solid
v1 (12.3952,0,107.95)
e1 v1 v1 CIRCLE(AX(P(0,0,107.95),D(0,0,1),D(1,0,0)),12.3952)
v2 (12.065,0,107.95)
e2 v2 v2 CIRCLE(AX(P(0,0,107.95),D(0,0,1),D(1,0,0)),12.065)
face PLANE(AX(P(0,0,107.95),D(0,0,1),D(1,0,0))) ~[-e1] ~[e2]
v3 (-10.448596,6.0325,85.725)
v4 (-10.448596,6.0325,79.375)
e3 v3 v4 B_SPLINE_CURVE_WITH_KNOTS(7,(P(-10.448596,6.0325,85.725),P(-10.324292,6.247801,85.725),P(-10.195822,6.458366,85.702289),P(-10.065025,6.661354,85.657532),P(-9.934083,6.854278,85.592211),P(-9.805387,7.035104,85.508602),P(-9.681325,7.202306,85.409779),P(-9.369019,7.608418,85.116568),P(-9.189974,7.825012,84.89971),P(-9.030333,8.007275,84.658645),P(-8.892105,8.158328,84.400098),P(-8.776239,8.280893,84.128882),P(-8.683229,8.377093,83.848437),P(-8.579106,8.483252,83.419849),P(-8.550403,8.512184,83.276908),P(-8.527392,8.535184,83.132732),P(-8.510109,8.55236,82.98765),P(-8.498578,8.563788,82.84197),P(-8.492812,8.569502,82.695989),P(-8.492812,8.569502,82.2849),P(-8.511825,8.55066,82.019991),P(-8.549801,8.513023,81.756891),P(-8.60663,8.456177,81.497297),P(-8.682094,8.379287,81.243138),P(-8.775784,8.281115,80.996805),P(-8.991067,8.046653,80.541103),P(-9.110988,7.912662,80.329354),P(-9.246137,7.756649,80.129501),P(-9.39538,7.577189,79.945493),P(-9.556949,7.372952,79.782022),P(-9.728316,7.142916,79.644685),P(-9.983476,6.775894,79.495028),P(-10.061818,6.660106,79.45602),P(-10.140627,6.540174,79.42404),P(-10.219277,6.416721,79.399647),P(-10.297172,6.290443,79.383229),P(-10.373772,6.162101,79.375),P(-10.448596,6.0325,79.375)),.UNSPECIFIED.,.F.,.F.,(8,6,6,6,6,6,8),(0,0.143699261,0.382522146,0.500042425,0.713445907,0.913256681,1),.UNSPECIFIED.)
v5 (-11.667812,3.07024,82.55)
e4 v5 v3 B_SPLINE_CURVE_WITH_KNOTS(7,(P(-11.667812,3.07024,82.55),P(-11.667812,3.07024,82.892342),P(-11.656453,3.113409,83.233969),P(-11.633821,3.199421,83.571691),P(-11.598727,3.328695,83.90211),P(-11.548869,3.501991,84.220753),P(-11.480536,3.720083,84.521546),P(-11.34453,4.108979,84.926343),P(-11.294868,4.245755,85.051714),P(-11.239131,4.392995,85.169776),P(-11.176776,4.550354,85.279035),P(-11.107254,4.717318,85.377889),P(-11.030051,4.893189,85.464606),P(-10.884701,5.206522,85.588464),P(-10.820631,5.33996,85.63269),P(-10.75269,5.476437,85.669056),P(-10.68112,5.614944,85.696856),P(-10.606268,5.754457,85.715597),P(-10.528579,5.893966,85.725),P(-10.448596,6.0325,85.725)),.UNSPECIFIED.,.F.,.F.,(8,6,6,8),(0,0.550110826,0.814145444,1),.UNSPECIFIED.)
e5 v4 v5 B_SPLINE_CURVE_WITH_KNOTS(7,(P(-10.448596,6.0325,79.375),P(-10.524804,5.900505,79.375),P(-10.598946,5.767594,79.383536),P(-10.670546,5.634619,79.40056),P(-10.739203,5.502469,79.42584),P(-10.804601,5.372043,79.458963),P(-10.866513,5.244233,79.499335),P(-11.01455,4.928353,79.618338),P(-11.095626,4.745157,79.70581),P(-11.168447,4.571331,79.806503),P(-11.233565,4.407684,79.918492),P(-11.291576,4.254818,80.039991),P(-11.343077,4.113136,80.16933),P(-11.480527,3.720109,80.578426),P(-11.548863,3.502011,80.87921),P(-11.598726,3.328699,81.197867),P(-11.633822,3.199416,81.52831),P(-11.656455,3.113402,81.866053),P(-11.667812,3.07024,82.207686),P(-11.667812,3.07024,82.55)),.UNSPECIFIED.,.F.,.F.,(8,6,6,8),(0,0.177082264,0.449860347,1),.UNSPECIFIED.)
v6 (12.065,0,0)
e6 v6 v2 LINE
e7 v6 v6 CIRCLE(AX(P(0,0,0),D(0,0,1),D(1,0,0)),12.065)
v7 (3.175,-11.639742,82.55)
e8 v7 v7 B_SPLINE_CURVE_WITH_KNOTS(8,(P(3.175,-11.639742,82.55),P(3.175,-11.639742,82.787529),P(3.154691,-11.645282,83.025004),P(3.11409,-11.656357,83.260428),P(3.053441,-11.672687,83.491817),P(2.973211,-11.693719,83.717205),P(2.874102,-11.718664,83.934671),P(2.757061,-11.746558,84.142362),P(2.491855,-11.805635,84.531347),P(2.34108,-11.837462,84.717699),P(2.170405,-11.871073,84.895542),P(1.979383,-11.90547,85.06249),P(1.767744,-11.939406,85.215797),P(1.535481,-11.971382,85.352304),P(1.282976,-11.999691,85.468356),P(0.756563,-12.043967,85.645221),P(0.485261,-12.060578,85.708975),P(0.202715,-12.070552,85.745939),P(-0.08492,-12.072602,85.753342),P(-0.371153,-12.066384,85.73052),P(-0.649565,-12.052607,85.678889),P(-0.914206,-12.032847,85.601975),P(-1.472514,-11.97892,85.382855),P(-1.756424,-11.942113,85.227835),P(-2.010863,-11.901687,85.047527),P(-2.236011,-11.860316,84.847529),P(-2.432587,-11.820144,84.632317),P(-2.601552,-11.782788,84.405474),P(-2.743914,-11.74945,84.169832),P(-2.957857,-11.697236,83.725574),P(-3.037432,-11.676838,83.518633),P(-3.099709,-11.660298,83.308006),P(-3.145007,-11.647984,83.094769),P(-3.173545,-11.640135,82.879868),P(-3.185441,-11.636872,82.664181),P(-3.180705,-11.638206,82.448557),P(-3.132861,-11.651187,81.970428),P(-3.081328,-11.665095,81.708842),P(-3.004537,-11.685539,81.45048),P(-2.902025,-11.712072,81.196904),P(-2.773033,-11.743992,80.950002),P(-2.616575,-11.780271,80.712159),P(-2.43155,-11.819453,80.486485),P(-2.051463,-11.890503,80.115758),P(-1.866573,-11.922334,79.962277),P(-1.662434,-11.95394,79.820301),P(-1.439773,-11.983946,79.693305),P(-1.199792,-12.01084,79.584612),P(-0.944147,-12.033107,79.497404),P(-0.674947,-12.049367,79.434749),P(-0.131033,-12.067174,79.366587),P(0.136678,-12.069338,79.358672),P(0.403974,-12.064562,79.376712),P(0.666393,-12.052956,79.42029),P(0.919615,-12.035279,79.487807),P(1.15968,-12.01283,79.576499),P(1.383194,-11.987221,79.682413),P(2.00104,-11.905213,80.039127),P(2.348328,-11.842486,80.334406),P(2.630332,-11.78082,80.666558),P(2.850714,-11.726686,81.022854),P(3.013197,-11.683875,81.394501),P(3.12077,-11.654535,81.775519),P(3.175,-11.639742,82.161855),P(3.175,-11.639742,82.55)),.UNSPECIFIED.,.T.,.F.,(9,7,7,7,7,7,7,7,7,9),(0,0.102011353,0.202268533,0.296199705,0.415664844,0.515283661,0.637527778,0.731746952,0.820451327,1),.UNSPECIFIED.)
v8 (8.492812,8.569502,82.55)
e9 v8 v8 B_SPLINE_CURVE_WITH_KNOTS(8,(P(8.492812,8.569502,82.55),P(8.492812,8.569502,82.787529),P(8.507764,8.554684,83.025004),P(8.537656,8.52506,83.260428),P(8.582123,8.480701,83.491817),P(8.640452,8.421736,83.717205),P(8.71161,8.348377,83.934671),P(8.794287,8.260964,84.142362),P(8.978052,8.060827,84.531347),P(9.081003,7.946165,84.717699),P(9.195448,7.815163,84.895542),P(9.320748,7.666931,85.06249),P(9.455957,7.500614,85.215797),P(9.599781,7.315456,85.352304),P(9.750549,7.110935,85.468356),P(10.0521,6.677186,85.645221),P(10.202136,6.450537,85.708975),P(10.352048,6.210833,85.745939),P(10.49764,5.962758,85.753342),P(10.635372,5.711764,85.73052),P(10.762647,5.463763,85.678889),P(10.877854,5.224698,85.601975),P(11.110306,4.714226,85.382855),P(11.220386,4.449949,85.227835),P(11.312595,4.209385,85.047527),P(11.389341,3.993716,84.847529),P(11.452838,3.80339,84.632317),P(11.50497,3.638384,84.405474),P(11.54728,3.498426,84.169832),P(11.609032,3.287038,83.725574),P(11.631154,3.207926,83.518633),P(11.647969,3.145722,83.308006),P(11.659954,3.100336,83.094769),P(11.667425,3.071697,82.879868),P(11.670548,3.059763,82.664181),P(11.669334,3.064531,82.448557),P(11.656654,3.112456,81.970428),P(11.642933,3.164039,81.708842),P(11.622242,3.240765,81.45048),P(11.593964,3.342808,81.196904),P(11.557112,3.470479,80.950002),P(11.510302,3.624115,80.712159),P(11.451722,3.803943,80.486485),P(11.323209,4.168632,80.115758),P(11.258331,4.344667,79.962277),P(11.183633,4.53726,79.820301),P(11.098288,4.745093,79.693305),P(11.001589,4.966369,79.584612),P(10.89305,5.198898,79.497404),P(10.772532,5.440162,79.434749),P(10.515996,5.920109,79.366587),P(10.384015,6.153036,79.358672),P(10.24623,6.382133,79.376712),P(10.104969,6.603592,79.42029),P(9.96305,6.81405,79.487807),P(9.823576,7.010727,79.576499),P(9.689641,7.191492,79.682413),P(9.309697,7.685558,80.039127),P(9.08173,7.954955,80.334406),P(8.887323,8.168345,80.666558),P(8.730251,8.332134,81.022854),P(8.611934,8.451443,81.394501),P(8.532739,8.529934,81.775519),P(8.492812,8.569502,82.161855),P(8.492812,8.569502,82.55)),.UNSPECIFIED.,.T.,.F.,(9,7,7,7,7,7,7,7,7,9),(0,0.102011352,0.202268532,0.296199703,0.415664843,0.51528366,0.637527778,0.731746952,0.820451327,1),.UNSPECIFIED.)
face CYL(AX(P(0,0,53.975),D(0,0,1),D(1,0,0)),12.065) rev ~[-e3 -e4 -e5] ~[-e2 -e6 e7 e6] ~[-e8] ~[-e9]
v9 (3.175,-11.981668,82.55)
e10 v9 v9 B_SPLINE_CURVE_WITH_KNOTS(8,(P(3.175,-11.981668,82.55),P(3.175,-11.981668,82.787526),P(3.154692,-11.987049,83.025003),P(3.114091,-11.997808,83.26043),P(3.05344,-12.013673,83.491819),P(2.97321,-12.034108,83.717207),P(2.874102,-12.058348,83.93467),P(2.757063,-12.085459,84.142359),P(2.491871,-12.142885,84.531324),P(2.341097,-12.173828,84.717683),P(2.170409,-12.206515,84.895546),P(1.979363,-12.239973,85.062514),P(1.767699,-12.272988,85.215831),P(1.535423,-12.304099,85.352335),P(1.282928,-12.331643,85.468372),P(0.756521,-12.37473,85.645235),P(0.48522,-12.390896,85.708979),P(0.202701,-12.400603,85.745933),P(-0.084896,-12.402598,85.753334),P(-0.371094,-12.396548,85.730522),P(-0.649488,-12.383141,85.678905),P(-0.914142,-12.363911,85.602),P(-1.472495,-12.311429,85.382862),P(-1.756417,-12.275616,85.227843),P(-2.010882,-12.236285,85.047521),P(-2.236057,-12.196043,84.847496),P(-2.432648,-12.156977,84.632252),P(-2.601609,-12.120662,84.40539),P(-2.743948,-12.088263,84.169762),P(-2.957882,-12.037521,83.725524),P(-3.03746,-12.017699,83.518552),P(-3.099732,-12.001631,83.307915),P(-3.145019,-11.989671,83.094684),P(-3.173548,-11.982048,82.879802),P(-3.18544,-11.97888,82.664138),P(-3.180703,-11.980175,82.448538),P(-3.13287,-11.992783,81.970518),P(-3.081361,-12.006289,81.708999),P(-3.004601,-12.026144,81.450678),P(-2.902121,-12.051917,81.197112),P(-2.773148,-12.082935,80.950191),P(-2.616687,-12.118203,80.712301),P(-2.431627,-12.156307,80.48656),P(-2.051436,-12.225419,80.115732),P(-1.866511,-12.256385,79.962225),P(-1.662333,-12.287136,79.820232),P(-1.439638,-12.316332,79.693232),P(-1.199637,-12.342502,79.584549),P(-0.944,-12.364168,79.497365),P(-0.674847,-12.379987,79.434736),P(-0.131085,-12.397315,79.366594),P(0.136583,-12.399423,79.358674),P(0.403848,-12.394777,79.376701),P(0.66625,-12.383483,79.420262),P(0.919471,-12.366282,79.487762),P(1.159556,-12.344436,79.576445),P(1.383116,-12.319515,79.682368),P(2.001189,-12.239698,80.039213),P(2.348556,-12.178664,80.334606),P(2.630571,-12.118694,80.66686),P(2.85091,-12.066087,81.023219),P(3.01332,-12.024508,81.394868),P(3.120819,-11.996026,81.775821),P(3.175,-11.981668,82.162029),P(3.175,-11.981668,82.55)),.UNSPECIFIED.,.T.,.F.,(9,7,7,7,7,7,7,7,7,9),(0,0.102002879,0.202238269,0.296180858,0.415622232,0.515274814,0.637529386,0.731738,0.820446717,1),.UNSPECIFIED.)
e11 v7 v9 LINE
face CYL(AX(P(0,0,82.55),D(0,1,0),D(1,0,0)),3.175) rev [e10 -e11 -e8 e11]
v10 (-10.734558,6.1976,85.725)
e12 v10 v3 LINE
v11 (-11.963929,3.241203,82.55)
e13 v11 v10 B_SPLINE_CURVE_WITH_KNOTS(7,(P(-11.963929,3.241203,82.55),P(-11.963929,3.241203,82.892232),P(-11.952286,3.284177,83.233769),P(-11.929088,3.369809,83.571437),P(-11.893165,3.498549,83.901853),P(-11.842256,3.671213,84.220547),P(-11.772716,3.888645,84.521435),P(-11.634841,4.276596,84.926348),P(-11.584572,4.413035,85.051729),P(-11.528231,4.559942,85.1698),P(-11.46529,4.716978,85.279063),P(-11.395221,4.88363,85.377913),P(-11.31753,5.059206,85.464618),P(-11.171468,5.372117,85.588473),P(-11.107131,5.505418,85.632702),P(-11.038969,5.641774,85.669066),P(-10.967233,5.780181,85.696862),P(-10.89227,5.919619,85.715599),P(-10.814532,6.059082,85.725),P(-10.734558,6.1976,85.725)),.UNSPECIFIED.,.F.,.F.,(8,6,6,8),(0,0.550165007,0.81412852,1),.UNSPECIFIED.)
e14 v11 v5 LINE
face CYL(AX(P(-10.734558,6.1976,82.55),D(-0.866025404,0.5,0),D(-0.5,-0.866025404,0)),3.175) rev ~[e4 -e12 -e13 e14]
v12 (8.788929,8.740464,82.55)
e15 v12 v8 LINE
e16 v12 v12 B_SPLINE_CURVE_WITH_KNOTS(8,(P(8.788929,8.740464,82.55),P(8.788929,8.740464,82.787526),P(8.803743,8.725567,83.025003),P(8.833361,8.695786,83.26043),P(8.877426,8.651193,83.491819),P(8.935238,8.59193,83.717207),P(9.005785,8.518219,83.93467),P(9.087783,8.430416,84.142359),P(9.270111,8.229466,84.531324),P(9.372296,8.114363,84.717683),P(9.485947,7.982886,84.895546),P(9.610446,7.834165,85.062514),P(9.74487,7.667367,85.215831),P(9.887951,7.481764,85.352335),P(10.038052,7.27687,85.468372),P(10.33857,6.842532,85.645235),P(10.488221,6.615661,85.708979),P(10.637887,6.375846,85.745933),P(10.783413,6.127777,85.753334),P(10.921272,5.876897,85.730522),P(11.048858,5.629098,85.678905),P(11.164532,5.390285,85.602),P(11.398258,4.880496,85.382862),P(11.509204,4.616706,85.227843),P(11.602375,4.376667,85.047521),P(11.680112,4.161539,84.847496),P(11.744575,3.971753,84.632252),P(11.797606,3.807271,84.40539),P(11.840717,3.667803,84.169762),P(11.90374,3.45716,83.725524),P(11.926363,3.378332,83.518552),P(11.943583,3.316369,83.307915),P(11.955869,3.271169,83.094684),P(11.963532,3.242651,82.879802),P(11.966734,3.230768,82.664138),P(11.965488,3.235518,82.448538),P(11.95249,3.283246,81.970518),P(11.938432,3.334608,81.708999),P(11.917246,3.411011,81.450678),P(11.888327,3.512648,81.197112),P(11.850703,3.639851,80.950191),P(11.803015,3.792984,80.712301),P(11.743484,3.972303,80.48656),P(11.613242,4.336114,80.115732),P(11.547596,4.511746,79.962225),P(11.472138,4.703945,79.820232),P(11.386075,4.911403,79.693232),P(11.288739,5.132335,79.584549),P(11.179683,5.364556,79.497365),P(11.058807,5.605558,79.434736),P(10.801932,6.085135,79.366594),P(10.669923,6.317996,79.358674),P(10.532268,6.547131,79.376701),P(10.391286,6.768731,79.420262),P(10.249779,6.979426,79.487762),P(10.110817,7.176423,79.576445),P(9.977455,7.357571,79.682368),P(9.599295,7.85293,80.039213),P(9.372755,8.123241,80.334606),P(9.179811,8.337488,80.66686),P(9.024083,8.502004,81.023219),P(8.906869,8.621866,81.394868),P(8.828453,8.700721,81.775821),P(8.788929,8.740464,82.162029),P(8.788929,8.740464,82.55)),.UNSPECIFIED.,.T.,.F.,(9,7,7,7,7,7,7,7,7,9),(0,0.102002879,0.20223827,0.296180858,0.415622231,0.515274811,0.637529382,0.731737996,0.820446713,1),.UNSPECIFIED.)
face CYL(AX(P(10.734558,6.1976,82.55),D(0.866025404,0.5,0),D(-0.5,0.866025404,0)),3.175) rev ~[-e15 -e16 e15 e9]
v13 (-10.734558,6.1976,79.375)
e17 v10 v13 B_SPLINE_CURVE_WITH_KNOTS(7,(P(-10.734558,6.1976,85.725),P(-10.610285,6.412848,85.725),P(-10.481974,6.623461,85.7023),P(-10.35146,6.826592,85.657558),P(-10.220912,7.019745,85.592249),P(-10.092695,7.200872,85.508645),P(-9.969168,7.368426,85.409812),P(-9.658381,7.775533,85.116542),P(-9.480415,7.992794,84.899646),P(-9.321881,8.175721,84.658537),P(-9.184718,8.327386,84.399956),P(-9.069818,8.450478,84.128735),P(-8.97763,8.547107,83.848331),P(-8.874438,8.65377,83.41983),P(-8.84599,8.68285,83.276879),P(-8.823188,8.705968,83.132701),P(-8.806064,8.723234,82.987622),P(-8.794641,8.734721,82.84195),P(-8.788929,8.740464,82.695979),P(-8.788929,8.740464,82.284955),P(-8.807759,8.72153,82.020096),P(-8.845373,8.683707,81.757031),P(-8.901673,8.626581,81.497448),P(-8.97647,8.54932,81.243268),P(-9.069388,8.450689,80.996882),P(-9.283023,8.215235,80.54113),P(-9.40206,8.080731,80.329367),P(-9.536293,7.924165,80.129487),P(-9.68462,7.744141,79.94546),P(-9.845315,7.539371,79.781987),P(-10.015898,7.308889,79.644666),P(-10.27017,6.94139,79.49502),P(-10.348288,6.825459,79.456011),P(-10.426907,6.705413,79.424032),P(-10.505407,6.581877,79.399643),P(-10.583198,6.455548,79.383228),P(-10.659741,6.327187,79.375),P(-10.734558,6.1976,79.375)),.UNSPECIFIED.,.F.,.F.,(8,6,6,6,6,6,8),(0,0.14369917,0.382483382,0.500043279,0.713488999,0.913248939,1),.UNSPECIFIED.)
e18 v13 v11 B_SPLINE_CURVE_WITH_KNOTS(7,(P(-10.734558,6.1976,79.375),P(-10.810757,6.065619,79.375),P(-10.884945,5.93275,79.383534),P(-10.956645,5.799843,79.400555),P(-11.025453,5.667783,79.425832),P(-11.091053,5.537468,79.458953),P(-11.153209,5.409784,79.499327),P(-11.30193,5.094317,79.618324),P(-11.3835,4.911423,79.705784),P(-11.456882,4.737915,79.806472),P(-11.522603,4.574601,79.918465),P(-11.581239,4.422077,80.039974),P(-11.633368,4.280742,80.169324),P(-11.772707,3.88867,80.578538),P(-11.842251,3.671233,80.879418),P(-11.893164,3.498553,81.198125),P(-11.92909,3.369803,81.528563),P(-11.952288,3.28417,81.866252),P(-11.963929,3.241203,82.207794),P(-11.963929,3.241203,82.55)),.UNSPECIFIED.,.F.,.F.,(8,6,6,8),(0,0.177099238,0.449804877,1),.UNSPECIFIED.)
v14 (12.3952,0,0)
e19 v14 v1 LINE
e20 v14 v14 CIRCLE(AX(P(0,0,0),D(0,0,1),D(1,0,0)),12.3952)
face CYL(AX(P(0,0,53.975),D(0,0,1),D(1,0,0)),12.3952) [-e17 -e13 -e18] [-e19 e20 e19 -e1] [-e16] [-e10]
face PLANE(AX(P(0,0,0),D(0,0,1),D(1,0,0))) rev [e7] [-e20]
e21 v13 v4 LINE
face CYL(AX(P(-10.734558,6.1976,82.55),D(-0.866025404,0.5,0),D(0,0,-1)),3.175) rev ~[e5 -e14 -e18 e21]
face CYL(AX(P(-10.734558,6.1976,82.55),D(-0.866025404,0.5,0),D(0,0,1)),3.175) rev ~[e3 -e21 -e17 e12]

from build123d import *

# Parameters (mm, degrees)
F0_W      = 0.3302
F0_H      = 107.95
F2_R      = 3.175
F3_DEPTH  = 12.3962
F6_R      = 3.175
F7_DEPTH  = 1.7554578348
F10_DEPTH = 1.7554578348


with BuildPart() as f1:
    # F0 (on Front) → F1 (revolve)
    with BuildSketch(Plane.XZ):
        with Locations((12.2301, 53.975)):
            Rectangle(F0_W, F0_H)
    revolve(axis=Axis((0, 0, 53.975), (0, 0, 1)))

    # F2 (on Front) → F3 (cut, through all)
    with BuildSketch(Plane.XZ):
        with Locations((0, 82.55)):
            Circle(F2_R)
    extrude(amount=F3_DEPTH, mode=Mode.SUBTRACT)

    # F6 (on line) → F7 (cut, up to face)
    with BuildSketch(Plane(origin=(10.734558085, 6.1976, 0), x_dir=(-0.5, 0.8660254038, 0), z_dir=(0.8660254038, 0.5, 0))):
        with Locations((0, 82.55)):
            Circle(F6_R)
    extrude(amount=-F7_DEPTH, mode=Mode.SUBTRACT)

    # F9 (on line) → F10 (cut, up to face)
    with BuildSketch(Plane(origin=(-10.734558085, 6.1976, 0), x_dir=(-0.5, -0.8660254038, 0), z_dir=(-0.8660254038, 0.5, 0))):
        with BuildLine():
            ThreePointArc((0, 85.725), (-3.175, 82.55), (0, 79.375))
            Line((0, 79.375), (0, 85.725))
        make_face()
        with BuildLine():
            Line((0, 85.725), (0, 79.375))
            ThreePointArc((0, 79.375), (2.2450640303, 80.3049359697), (3.175, 82.55))
            ThreePointArc((3.175, 82.55), (2.2450640303, 84.7950640303), (0, 85.725))
        make_face()
    extrude(amount=-F10_DEPTH, mode=Mode.SUBTRACT)


solid = f1.part
